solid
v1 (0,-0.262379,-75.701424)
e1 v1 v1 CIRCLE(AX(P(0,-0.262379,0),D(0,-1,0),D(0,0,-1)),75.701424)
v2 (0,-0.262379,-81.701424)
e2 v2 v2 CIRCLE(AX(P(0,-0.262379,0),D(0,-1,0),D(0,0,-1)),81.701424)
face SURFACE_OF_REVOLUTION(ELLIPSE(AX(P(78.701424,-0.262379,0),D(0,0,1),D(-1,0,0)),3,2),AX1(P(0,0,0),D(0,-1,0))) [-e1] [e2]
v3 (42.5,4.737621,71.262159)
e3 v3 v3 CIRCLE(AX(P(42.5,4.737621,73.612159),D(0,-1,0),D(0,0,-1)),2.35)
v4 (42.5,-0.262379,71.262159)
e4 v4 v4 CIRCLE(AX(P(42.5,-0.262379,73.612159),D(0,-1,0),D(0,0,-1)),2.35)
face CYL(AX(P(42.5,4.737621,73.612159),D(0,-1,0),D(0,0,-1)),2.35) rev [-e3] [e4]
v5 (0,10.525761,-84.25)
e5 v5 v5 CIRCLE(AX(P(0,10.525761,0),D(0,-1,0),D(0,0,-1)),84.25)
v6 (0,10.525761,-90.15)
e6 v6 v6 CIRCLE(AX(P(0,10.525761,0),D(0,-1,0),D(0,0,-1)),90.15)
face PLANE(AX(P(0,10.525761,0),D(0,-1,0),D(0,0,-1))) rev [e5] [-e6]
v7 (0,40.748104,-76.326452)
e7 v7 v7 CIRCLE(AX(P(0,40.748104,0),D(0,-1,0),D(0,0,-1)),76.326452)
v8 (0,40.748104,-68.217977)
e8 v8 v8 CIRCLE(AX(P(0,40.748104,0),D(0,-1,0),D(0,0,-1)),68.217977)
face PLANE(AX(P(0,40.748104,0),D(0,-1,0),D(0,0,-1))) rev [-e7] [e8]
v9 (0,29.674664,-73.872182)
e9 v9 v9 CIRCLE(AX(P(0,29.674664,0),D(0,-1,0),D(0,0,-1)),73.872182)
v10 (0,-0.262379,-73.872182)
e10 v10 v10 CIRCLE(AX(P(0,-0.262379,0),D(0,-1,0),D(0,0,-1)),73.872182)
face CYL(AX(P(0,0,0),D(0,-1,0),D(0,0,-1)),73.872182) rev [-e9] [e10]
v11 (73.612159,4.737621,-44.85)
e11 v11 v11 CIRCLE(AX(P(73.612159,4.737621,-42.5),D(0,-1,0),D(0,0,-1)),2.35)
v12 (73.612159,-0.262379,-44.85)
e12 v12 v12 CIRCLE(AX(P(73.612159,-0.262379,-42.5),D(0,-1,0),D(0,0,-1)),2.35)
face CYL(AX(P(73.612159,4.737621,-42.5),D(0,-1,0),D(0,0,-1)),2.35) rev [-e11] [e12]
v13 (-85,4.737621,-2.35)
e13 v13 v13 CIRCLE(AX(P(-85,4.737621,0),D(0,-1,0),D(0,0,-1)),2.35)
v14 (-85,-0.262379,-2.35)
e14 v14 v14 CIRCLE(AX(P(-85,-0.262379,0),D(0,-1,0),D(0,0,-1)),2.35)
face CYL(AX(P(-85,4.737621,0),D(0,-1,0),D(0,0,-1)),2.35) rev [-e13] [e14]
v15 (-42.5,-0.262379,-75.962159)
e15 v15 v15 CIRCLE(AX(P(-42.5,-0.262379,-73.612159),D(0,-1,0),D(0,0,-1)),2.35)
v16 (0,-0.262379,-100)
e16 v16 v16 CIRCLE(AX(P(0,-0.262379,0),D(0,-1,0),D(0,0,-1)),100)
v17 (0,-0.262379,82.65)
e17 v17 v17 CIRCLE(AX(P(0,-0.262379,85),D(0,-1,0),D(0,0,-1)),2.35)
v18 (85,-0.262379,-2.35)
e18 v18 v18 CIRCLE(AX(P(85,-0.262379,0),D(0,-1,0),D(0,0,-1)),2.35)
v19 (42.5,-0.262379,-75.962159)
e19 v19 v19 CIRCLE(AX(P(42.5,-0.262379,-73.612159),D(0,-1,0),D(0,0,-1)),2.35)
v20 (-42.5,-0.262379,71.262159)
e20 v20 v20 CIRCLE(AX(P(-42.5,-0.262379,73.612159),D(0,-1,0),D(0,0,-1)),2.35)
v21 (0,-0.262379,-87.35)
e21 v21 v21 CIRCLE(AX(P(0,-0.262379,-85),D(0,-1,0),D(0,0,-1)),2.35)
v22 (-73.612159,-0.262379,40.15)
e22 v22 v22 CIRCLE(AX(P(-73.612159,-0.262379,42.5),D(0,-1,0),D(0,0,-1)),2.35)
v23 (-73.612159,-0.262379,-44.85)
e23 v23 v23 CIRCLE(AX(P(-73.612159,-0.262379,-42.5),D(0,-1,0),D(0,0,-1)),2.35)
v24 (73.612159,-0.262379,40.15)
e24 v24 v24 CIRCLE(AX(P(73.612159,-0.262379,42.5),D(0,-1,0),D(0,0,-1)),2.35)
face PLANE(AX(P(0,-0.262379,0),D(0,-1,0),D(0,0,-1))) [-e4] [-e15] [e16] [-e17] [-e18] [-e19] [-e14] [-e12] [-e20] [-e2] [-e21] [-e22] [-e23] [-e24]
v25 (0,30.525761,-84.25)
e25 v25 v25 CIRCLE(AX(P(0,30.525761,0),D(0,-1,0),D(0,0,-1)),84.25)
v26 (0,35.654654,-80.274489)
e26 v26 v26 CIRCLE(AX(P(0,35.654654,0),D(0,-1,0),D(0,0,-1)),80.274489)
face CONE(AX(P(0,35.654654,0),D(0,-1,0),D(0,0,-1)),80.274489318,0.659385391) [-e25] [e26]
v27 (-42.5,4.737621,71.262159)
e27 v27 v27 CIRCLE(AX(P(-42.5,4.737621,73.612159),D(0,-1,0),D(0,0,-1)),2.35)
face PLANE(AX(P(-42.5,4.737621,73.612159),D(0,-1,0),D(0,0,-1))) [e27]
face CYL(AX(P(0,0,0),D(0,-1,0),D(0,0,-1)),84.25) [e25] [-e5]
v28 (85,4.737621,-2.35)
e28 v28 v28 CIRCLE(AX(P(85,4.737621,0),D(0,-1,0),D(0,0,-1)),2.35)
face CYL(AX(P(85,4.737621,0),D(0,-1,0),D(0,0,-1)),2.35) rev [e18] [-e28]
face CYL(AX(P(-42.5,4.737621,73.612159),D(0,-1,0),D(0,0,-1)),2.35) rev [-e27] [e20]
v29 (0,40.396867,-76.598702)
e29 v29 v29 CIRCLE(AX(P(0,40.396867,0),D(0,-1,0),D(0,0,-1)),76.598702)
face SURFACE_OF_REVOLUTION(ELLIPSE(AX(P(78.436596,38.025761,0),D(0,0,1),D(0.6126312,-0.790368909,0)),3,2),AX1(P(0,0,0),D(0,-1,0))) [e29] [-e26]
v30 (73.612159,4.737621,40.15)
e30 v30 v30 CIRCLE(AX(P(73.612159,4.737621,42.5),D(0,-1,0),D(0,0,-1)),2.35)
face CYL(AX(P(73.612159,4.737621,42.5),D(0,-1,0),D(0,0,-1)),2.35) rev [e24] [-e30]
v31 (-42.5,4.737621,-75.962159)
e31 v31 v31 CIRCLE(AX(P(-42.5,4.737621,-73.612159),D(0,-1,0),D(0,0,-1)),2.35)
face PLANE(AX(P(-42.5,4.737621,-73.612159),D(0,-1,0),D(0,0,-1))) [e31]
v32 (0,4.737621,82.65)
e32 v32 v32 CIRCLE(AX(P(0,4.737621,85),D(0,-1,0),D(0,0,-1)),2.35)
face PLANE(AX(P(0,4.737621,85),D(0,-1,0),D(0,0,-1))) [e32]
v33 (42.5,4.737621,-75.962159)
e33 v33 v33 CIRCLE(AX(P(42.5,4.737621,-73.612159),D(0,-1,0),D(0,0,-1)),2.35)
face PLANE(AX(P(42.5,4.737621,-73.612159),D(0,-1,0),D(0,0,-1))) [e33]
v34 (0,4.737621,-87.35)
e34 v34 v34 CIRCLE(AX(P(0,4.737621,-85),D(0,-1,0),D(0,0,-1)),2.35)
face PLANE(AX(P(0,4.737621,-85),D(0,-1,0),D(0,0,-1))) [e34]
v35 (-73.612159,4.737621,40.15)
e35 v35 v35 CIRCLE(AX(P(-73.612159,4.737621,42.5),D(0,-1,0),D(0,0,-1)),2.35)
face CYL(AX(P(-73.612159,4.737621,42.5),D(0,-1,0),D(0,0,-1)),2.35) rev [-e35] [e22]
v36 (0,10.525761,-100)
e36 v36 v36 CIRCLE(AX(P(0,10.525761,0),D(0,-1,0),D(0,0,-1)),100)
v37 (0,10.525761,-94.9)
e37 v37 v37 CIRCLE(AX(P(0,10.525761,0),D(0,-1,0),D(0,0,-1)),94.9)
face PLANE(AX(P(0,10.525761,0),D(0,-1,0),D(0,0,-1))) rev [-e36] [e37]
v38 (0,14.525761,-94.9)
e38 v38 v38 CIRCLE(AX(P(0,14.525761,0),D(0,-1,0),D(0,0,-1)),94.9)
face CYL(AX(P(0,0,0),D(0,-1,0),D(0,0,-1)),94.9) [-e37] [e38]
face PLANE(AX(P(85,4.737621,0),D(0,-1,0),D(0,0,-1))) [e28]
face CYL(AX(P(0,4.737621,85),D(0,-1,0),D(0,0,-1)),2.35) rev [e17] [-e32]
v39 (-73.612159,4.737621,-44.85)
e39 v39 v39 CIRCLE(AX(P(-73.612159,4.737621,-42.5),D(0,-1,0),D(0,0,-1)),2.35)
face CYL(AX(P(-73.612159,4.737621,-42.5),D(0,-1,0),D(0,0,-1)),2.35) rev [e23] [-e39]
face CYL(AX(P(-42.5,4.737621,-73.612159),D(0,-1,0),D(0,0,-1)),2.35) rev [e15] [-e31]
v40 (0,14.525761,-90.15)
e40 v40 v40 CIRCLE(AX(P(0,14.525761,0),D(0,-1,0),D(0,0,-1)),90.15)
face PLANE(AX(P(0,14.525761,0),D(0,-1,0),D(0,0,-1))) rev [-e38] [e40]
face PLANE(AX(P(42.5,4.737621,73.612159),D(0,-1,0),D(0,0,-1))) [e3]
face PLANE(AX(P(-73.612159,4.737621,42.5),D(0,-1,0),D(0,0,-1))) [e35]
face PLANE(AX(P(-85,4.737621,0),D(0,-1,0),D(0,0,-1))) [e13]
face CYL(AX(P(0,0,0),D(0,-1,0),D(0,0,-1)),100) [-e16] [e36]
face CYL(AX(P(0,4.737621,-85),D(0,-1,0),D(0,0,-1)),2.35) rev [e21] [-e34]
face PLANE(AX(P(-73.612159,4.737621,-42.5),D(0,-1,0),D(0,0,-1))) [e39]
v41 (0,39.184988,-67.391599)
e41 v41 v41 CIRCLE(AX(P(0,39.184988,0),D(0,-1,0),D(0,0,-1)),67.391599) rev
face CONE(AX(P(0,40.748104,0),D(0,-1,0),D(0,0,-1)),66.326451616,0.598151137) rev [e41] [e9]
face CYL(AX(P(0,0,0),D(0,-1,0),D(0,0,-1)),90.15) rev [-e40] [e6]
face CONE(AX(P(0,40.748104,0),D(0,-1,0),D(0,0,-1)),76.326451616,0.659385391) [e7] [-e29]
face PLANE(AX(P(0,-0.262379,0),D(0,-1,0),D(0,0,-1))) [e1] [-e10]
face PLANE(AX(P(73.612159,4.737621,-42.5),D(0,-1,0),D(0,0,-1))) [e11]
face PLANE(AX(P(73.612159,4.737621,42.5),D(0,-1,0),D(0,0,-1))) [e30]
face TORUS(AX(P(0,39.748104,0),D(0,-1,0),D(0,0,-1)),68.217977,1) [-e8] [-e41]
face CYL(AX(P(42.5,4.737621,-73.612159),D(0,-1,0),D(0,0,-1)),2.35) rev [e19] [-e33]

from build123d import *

# Parameters (mm, degrees)
SKETCH2_R          = 2.35
CUT_EXTRUDE2_DEPTH = 5
FILLET1_R          = 1


with BuildPart() as part:
    # Sketch1 → Revolve1 (revolve)
    with BuildSketch(Plane.XY):
        with BuildLine():
            Line((76.326451616, 40.74810371), (66.326451616, 40.74810371))
            Line((66.326451616, 40.74810371), (73.87218168, 29.674663888))
            Line((73.87218168, 29.674663888), (73.87218168, -0.262378674))
            Line((73.87218168, -0.262378674), (75.701423587, -0.262378674))
            add(Edge.make_bspline(
                [(81.701423587, -0.262378674), (81.701423587, 1.737621326), (78.701423587, 1.737621326), (75.701423587, 1.737621326), (75.701423587, -0.262378674)],
                knots=[3.141592654, 3.141592654, 3.141592654, 4.71238898, 4.71238898, 6.283185307, 6.283185307, 6.283185307], degree=2, weights=[1, 0.707106781, 1, 0.707106781, 1]))
            Line((81.701423587, -0.262378674), (100, -0.262378674))
            Line((100, -0.262378674), (100, 10.525760657))
            Line((100, 10.525760657), (94.9, 10.525760657))
            Line((94.9, 10.525760657), (94.9, 14.525760657))
            Line((94.9, 14.525760657), (90.15, 14.525760657))
            Line((90.15, 14.525760657), (90.15, 10.525760657))
            Line((90.15, 10.525760657), (84.25, 10.525760657))
            Line((84.25, 10.525760657), (84.25, 30.525760657))
            Line((84.25, 30.525760657), (80.274489318, 35.65465393))
            add(Edge.make_bspline(
                [(76.598702117, 40.396867385), (75.017964298, 39.171604984), (76.855857899, 36.800498257), (78.6937515, 34.42939153), (80.274489318, 35.65465393)],
                knots=[3.141592654, 3.141592654, 3.141592654, 4.71238898, 4.71238898, 6.283185307, 6.283185307, 6.283185307], degree=2, weights=[1, 0.707106781, 1, 0.707106781, 1]))
            Line((76.598702117, 40.396867385), (76.326451616, 40.74810371))
        make_face()
    revolve(axis=Axis((0, 0, 0), (0, 1, 0)))

    # Sketch2 → Cut-Extrude2 (cut)
    with BuildSketch(Plane.XZ.offset(0.262378674)):
        with Locations((0, 85)):
            Circle(SKETCH2_R)
        with Locations((42.5, 73.612159322)):
            Circle(SKETCH2_R)
        with Locations((73.612159322, 42.5)):
            Circle(SKETCH2_R)
        with Locations((85, 0)):
            Circle(SKETCH2_R)
        with Locations((73.612159322, -42.5)):
            Circle(SKETCH2_R)
        with Locations((42.5, -73.612159322)):
            Circle(SKETCH2_R)
        with Locations((0, -85)):
            Circle(SKETCH2_R)
        with Locations((-42.5, -73.612159322)):
            Circle(SKETCH2_R)
        with Locations((-73.612159322, -42.5)):
            Circle(SKETCH2_R)
        with Locations((-85, 0)):
            Circle(SKETCH2_R)
        with Locations((-73.612159322, 42.5)):
            Circle(SKETCH2_R)
        with Locations((-42.5, 73.612159322)):
            Circle(SKETCH2_R)
    extrude(amount=-CUT_EXTRUDE2_DEPTH, mode=Mode.SUBTRACT)

    # Fillet1
    fillet1_edges = [part.edges().sort_by_distance(p)[0] for p in [
        (-66.326451616, 40.74810371, 0),
    ]]
    fillet(fillet1_edges, radius=FILLET1_R)


solid = part.part
